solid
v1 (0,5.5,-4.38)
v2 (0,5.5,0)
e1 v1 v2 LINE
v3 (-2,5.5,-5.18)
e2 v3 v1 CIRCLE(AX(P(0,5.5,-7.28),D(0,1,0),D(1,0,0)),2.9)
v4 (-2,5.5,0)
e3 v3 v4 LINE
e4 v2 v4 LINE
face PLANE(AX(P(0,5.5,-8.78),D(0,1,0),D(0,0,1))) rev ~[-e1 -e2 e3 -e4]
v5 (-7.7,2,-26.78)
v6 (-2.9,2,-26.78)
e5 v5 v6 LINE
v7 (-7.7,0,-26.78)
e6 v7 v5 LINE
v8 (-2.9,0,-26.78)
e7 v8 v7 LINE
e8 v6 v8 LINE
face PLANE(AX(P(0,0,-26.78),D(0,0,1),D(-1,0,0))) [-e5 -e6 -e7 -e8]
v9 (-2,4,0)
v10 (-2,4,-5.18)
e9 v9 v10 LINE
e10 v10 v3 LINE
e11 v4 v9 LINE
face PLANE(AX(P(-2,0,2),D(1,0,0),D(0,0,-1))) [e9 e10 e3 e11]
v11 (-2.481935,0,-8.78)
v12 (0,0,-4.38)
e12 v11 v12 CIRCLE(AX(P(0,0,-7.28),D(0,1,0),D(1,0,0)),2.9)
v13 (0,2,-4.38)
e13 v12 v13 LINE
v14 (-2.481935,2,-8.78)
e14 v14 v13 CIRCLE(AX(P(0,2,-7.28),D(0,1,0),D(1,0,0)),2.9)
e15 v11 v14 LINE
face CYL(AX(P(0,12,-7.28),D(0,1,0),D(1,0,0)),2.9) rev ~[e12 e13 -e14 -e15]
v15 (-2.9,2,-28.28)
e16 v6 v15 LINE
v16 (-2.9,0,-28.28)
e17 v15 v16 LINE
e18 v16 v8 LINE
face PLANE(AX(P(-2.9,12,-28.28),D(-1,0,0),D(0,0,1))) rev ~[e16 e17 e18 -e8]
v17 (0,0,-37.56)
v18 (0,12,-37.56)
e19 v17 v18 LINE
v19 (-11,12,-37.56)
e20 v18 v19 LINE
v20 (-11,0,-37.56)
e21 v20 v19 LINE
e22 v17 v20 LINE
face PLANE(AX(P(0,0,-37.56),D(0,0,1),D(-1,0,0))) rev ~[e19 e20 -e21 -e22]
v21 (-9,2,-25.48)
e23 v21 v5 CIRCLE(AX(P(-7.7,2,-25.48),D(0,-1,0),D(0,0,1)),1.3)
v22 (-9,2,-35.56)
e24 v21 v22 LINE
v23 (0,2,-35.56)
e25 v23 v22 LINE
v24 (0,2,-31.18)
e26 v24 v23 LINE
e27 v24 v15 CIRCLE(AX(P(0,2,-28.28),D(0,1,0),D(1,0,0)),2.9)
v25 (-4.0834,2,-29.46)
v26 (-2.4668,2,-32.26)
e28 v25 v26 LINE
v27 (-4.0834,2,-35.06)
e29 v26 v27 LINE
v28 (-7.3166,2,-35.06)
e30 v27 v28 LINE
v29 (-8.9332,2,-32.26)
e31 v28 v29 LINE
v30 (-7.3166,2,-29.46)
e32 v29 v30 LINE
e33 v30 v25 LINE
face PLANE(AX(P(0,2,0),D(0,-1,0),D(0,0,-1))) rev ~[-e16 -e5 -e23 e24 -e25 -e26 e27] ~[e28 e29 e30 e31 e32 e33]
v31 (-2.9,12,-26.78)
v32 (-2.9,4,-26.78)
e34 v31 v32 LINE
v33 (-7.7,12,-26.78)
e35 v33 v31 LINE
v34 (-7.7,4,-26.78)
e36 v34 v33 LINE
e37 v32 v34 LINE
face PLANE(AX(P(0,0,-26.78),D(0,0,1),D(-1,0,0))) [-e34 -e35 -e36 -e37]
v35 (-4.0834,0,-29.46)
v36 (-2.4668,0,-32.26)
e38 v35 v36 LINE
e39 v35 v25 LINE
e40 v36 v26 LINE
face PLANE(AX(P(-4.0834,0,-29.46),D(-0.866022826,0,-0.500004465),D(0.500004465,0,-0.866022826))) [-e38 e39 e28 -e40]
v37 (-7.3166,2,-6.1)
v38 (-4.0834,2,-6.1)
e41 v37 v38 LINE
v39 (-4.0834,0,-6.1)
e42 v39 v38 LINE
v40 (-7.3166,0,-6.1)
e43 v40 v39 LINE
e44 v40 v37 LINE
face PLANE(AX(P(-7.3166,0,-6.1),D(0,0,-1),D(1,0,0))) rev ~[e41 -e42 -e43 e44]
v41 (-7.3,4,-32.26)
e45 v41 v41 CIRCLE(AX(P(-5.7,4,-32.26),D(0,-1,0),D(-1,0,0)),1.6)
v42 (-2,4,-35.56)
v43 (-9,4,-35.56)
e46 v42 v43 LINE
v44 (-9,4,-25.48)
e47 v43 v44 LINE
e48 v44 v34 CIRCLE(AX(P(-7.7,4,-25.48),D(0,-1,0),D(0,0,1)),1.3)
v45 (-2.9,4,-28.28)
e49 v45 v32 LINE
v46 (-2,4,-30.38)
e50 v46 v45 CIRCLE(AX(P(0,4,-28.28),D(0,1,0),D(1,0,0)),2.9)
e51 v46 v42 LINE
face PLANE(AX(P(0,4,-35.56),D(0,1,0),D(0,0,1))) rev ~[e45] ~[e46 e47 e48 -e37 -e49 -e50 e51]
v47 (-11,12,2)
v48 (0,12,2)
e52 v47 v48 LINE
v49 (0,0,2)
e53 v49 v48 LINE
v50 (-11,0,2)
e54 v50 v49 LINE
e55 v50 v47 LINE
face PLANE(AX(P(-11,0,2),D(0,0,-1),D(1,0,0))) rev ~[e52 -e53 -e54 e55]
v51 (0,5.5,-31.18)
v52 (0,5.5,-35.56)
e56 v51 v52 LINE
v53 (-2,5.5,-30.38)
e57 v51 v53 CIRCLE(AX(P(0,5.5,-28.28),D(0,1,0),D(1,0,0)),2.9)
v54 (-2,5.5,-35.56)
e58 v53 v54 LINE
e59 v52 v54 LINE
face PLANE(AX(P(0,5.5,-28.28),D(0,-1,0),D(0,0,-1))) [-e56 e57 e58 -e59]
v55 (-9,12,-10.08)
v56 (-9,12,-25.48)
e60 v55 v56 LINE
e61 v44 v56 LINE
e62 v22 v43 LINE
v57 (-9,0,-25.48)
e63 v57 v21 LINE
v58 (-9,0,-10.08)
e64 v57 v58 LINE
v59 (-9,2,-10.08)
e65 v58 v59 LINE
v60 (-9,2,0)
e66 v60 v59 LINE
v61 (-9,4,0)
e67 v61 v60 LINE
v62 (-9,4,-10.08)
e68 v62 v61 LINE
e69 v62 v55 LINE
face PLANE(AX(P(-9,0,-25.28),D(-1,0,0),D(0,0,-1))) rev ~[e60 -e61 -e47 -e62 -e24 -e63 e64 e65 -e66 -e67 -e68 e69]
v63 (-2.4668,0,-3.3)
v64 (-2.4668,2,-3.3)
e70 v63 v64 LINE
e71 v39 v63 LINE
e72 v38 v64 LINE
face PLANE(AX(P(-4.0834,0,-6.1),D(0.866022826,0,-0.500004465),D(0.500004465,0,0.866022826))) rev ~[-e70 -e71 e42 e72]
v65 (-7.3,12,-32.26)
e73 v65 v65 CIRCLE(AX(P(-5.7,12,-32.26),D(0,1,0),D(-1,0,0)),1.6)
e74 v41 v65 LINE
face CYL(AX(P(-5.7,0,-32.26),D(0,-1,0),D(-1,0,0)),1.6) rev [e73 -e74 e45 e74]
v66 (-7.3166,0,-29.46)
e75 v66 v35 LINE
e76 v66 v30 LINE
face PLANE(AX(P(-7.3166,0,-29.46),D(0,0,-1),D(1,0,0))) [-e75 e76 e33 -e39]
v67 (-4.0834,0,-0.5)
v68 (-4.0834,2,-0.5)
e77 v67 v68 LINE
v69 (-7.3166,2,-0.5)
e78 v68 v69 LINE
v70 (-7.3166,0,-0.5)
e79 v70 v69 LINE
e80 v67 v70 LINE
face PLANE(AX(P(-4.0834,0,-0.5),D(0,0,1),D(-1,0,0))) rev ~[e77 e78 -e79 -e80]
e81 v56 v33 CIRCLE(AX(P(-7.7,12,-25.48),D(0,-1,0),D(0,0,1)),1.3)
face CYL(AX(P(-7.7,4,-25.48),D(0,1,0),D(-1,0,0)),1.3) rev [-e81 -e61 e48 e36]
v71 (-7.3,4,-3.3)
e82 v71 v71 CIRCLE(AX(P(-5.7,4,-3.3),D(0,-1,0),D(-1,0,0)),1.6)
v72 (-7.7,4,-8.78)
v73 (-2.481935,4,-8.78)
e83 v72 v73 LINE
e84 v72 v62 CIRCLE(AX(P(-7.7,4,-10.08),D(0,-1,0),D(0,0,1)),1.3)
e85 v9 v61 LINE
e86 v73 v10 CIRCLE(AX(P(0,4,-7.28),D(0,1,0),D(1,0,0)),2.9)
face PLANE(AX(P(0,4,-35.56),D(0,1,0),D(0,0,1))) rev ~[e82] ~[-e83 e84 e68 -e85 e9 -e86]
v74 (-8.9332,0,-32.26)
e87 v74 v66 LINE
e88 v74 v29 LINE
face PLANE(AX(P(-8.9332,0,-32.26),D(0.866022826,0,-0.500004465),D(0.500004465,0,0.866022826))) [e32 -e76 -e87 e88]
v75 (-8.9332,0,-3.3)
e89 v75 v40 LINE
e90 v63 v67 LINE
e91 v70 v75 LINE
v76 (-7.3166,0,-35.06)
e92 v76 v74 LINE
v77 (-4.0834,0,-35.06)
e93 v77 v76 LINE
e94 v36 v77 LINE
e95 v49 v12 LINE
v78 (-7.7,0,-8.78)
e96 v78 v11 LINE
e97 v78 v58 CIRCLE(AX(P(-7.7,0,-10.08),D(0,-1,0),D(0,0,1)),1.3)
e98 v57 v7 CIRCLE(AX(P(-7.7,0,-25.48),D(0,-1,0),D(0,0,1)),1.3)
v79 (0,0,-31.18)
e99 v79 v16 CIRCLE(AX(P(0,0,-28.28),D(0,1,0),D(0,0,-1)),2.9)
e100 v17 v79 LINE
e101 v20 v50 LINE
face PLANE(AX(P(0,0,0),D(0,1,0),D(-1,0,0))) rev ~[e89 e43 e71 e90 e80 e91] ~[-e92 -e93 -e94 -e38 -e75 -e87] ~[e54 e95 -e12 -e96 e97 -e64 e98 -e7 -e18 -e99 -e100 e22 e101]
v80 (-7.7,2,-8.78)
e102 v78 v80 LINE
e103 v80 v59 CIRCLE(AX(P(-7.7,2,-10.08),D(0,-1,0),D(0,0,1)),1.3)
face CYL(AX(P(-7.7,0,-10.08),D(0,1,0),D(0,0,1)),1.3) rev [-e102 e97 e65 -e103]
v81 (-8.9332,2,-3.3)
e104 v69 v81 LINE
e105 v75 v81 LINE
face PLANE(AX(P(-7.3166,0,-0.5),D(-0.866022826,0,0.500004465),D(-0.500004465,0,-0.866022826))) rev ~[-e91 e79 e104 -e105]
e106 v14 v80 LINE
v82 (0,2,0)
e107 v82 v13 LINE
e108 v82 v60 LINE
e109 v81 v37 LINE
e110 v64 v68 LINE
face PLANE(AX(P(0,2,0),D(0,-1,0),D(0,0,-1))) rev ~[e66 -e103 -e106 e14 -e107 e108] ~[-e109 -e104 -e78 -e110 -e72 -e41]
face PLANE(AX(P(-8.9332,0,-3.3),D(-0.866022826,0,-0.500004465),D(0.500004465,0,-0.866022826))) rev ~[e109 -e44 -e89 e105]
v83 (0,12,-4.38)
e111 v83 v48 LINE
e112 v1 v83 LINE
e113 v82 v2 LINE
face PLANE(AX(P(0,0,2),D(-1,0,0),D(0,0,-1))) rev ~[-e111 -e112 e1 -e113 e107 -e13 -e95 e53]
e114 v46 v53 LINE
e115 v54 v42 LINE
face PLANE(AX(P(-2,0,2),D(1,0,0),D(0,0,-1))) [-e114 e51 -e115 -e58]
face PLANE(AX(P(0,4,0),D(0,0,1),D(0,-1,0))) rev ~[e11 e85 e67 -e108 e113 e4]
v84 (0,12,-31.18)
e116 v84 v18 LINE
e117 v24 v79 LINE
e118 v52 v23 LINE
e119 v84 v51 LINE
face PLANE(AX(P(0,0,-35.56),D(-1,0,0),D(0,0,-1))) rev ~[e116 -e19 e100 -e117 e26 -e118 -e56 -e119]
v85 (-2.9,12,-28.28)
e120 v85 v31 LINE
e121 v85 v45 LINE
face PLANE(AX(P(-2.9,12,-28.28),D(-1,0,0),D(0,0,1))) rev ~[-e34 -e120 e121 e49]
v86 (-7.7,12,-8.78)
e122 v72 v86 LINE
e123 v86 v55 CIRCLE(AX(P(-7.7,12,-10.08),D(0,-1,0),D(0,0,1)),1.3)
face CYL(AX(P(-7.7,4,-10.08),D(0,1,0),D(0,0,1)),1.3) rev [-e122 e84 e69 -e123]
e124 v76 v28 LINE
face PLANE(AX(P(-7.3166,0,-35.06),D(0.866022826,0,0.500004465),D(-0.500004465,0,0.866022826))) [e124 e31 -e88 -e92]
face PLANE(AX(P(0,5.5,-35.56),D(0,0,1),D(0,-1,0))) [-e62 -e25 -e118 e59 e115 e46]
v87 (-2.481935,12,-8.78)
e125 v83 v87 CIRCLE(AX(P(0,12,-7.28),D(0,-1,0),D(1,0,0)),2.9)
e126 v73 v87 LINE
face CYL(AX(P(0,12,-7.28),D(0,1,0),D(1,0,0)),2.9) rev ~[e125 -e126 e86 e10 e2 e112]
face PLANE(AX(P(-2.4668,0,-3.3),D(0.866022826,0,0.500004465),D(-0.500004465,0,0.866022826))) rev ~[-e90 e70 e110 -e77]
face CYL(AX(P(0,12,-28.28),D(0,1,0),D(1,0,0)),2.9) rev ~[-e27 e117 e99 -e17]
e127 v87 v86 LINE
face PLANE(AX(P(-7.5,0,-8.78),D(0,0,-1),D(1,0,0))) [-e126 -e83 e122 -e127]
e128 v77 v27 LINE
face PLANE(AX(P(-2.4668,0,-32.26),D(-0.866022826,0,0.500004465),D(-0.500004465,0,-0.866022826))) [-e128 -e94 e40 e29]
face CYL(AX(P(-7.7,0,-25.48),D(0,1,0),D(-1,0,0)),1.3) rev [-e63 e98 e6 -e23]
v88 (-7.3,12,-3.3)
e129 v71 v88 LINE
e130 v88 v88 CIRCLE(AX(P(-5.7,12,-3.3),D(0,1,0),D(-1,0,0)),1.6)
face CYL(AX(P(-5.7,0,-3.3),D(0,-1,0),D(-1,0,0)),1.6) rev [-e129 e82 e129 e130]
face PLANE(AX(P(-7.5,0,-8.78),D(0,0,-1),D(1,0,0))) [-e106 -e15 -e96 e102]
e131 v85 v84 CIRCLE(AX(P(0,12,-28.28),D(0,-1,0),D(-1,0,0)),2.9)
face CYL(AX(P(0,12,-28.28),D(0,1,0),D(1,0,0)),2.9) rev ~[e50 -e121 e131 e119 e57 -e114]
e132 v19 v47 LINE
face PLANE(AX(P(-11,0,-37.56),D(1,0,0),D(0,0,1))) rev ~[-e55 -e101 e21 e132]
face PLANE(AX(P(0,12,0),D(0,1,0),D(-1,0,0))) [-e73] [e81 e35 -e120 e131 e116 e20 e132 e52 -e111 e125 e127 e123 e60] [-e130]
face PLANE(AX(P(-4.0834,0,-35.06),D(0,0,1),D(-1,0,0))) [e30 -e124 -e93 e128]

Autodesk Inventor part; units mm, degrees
ref_plane "YZ Plane" through (0, 0, 0) normal (1, 0, 0) x (0, 1, 0)
ref_plane "XZ Plane" through (0, 0, 0) normal (0, 1, 0) x (-1, 0, 0)
ref_plane "XY Plane" through (0, 0, 0) normal (0, 0, 1) x (1, 0, 0)
sketch "Эскиз1" plane through (0, 0, 0) normal (0, 1, 0) x (-1, 0, 0)
  line L0 (0, 0) -> (9, 0)
  line L1 (9, 0) -> (9, -35.56)
  line L2 (9, -35.56) -> (0, -35.56)
  line L3 (0, -35.56) -> (0, 0)
  line L4 (-8.5, -9.28) -> (7.5, -9.28)
  line L5 (8.5, -10.28) -> (8.5, -25.28)
  line L6 (7.5, -26.28) -> (-8.5, -26.28)
  line L7 (-8.5, -26.28) -> (-8.5, -9.28)
  line L8 (-8.5, -9.28) -> (8.5, -26.28) construction
  line L9 (8.5, -9.28) -> (-8.5, -26.28) construction
  circle A0 centre (7.5, -10.28) radius 1
  circle A1 centre (7.5, -25.28) radius 1
  line L10 (7.5, -9.28) -> (8.5, -9.28) construction
  line L11 (8.5, -10.28) -> (8.5, -9.28) construction
  line L12 (7.5, -26.28) -> (8.5, -26.28) construction
  line L13 (8.5, -26.28) -> (8.5, -25.28) construction
  line L14 (9, -25.28) -> (9, -10.28)
  line L15 (9, -10.28) -> (9, -8.78)
  line L16 (9, -8.78) -> (7.5, -8.78)
  line L17 (7.5, -8.78) -> (-9, -8.78)
  line L18 (-9, -8.78) -> (-9, -26.78)
  line L19 (-9, -26.78) -> (7.5, -26.78)
  line L20 (7.5, -26.78) -> (9, -26.78)
  line L21 (9, -26.78) -> (9, -25.28)
  line L22 (11, 2) -> (-2, 2)
  line L23 (-2, 2) -> (-2, -37.56)
  line L24 (-2, -37.56) -> (11, -37.56)
  line L25 (11, -37.56) -> (11, 2)
  line L26 (0, 2) -> (0, 0)
  line L27 (0, -35.56) -> (0, -37.56)
  circle A2 centre (5.7, -32.26) radius 1.6
  line L28 (0, -17.78) -> (11, -17.78) construction
  circle A3 centre (5.7, -3.3) radius 1.6
  point P0 (0, -26.78)
  point P1 (0, -8.78)
  dimension "d0" = 17
  dimension "d1" = 17
  dimension "d2" = 35.56
  dimension "d3" = 2
  dimension "d4" = 90
  dimension "d5" = 0.5
  dimension "d6" = 2
  dimension "d7" = 3.2
  dimension "d8" = 3.3
  dimension "d9" = 3.3
extrude "Выдавливание1" add sketch "Эскиз1" along normal blind 12 contours L26 L22 L25 L24 L27 L2 L1 L0 | L0 L1 L16 L17 L3 | L19 L20 L1 L2 L3
sketch "Эскиз2" plane through (0, 0, 0) normal (0, -1, 0) x (1, 0, 0)
  circle A0 centre (-5.7, -32.26) radius 1.6 projected
  line L0 (-2.4668, -32.26) -> (-4.0834, -35.06)
  line L1 (-4.0834, -35.06) -> (-7.3166, -35.06)
  line L2 (-7.3166, -35.06) -> (-8.9332, -32.26)
  line L3 (-8.9332, -32.26) -> (-7.3166, -29.46)
  line L4 (-7.3166, -29.46) -> (-4.0834, -29.46)
  line L5 (-4.0834, -29.46) -> (-2.4668, -32.26)
  line L6 (-11, -37.56) -> (-11, 2) projected
  line L7 (-11, -17.78) -> (0, -17.78) construction
  circle A1 centre (-5.7, -3.3) radius 1.6
  line L8 (-2.4668, -3.3) -> (-4.0834, -0.5)
  line L9 (-4.0834, -0.5) -> (-7.3166, -0.5)
  line L10 (-7.3166, -0.5) -> (-8.9332, -3.3)
  line L11 (-8.9332, -3.3) -> (-7.3166, -6.1)
  line L12 (-7.3166, -6.1) -> (-4.0834, -6.1)
  line L13 (-4.0834, -6.1) -> (-2.4668, -3.3)
  point P0 (0, 0)
  dimension "d12" = 5.6
extrude "Выдавливание2" cut sketch "Эскиз2" against normal blind 2 contours L0 L1 L2 L3 L4 L5 | A1 | L13 L12 L11 L10 L9 L8
sketch "Эскиз3" plane through (0, 0, -26.78) normal (1, 0, 0) x (0, 0, -1)
  line L0 (-28.78, 0) -> (-28.78, 12) projected
  line L1 (10.78, 0) -> (-28.78, 0)
  line L2 (-28.78, 0) -> (-28.78, 12)
  line L3 (-28.78, 12) -> (10.78, 12)
  line L4 (10.78, 12) -> (10.78, 0)
  line L5 (8.78, 10) -> (-26.78, 10)
  line L6 (-26.78, 10) -> (-26.78, 2)
  line L7 (-26.78, 2) -> (8.78, 2)
  line L8 (8.78, 2) -> (8.78, 10)
  line L9 (10.78, 0) -> (10.78, 12) projected
  line L10 (-28.78, 0) -> (-18, 0) projected
  line L11 (8.78, 4) -> (-26.78, 4)
  point P0 (-26.78, 0)
  dimension "d15" = 2
  dimension "d16" = 2
extrude "Выдавливание3" cut sketch "Эскиз3" against normal up to surface (9 mm away) contours L8 L7 L6 L11
fillet "Сопряжение1" radius 1.3 4 edges at (-9, 1, -8.78) (-9, 8, -8.78) (-9, 1, -26.78) (-9, 8, -26.78)
sketch "Эскиз4" plane through (0, 12, 0) normal (0, 1, 0) x (1, 0, 0)
  line L0 (-7.7, 26.78) -> (0, 26.78) projected
  line L1 (-2.4, 26.78) -> (2.4, 26.78)
  line L2 (2.4, 26.78) -> (2.4, 28.28)
  line L3 (2.4, 28.28) -> (-2.4, 28.28)
  line L4 (-2.4, 28.28) -> (-2.4, 26.78)
  line L5 (0, 26.78) -> (-2.4, 28.28) construction
  line L6 (2.4, 28.28) -> (0, 26.78) construction
  line L7 (0, 26.78) -> (0, 37.56) projected
  circle A0 centre (0, 28.28) radius 2.4
  line L8 (0, 17.78) -> (-11, 17.78) construction
  line L9 (-11, 37.56) -> (-11, -2) projected
  line L10 (-2.4, 8.78) -> (2.4, 8.78)
  line L11 (2.4, 8.78) -> (2.4, 7.28)
  line L12 (2.4, 7.28) -> (-2.4, 7.28)
  line L13 (-2.4, 7.28) -> (-2.4, 8.78)
  line L14 (0, 8.78) -> (-2.4, 7.28) construction
  line L15 (2.4, 7.28) -> (0, 8.78) construction
  circle A1 centre (0, 7.28) radius 2.4
  line L16 (-11, -2) -> (0, 17.78) construction
  line L17 (0, 37.56) -> (-11, 37.56) projected
  line L18 (0, 17.78) -> (-11, 37.56) construction
  line L19 (-2.9, 26.28) -> (2.9, 26.28)
  line L20 (2.9, 26.28) -> (2.9, 28.78)
  line L21 (2.9, 28.78) -> (-2.9, 28.78)
  line L22 (-2.9, 28.78) -> (-2.9, 26.28)
  circle A2 centre (0, 28.28) radius 2.9
  circle A3 centre (0, 7.28) radius 2.9
  line L23 (2.9, 6.78) -> (2.9, 9.28)
  line L24 (2.9, 9.28) -> (-2.9, 9.28)
  line L25 (-2.9, 9.28) -> (-2.9, 6.78)
  line L26 (-2.9, 6.78) -> (2.9, 6.78)
  point P0 (0, 0)
  point P1 (-2.9, 28.28)
  point P2 (-2.9, 26.78)
  point P3 (0, 31.18)
  point P4 (1.8735, 8.78)
  point P5 (1.8735, 8.78)
  point P6 (-1.8735, 8.78)
  point P7 (-1.8735, 8.78)
  point P8 (-1.9, 8.7463)
  point P9 (-2.1, 9.28)
  point P10 (-2.9, 7.28)
  dimension "d20" = 4.8
  dimension "d21" = 1.5
  dimension "d22" = 0.5
  dimension "d23" = 0.5
extrude "Выдавливание4" cut sketch "Эскиз4" against normal up to surface (12 mm away) contours L22 A2 L0 | A2 L21 A0 L4 L0 | L4 A0 L0 | A2 L7 A0 L21 | A0 L3 L7 L0 | A0 L21 L7 L3 | A0 L7 L21 | L13 A1 L26 A3 L24 L10 | L10 A1 L13 | A1 L24 L10 | L10 A1 L12 | L12 A1 L26 | A1 L24 A3 L26 L11 L10 | L10 L11 A1 | L24 A3 A1 | A1 L24 | L26 A1 | A1 L26 A3 picked at (-0.403, 30.9667) picked at (-0.7824, 28.6133) picked at (-1.5074, 28.9517)
sketch "Эскиз5" plane through (0, 0, 2) normal (1, 0, 0) x (0, 0, -1)
  line L0 (10.78, 12) -> (10.78, 4) projected
  line L1 (2, 2) -> (2, 4) projected
  line L2 (2, 4) -> (10.78, 4)
  line L3 (10.78, 4) -> (10.78, 5.5)
  line L4 (10.78, 5.5) -> (2, 5.5)
  line L5 (2, 5.5) -> (2, 4)
  line L6 (30.28, 12) -> (30.28, 4) projected
  line L7 (37.56, 4) -> (37.56, 2) projected
  line L8 (33.18, 4) -> (37.56, 4) projected
  line L9 (37.56, 4) -> (30.28, 4)
  line L10 (30.28, 4) -> (30.28, 5.5)
  line L11 (30.28, 5.5) -> (37.56, 5.5)
  line L12 (37.56, 5.5) -> (37.56, 4)
  point P0 (2, 0)
  point P1 (10.78, 4)
  dimension "d26" = 1.5
extrude "Выдавливание5" cut sketch "Эскиз5" against normal blind 2
properties part number "krepl_1.2"
